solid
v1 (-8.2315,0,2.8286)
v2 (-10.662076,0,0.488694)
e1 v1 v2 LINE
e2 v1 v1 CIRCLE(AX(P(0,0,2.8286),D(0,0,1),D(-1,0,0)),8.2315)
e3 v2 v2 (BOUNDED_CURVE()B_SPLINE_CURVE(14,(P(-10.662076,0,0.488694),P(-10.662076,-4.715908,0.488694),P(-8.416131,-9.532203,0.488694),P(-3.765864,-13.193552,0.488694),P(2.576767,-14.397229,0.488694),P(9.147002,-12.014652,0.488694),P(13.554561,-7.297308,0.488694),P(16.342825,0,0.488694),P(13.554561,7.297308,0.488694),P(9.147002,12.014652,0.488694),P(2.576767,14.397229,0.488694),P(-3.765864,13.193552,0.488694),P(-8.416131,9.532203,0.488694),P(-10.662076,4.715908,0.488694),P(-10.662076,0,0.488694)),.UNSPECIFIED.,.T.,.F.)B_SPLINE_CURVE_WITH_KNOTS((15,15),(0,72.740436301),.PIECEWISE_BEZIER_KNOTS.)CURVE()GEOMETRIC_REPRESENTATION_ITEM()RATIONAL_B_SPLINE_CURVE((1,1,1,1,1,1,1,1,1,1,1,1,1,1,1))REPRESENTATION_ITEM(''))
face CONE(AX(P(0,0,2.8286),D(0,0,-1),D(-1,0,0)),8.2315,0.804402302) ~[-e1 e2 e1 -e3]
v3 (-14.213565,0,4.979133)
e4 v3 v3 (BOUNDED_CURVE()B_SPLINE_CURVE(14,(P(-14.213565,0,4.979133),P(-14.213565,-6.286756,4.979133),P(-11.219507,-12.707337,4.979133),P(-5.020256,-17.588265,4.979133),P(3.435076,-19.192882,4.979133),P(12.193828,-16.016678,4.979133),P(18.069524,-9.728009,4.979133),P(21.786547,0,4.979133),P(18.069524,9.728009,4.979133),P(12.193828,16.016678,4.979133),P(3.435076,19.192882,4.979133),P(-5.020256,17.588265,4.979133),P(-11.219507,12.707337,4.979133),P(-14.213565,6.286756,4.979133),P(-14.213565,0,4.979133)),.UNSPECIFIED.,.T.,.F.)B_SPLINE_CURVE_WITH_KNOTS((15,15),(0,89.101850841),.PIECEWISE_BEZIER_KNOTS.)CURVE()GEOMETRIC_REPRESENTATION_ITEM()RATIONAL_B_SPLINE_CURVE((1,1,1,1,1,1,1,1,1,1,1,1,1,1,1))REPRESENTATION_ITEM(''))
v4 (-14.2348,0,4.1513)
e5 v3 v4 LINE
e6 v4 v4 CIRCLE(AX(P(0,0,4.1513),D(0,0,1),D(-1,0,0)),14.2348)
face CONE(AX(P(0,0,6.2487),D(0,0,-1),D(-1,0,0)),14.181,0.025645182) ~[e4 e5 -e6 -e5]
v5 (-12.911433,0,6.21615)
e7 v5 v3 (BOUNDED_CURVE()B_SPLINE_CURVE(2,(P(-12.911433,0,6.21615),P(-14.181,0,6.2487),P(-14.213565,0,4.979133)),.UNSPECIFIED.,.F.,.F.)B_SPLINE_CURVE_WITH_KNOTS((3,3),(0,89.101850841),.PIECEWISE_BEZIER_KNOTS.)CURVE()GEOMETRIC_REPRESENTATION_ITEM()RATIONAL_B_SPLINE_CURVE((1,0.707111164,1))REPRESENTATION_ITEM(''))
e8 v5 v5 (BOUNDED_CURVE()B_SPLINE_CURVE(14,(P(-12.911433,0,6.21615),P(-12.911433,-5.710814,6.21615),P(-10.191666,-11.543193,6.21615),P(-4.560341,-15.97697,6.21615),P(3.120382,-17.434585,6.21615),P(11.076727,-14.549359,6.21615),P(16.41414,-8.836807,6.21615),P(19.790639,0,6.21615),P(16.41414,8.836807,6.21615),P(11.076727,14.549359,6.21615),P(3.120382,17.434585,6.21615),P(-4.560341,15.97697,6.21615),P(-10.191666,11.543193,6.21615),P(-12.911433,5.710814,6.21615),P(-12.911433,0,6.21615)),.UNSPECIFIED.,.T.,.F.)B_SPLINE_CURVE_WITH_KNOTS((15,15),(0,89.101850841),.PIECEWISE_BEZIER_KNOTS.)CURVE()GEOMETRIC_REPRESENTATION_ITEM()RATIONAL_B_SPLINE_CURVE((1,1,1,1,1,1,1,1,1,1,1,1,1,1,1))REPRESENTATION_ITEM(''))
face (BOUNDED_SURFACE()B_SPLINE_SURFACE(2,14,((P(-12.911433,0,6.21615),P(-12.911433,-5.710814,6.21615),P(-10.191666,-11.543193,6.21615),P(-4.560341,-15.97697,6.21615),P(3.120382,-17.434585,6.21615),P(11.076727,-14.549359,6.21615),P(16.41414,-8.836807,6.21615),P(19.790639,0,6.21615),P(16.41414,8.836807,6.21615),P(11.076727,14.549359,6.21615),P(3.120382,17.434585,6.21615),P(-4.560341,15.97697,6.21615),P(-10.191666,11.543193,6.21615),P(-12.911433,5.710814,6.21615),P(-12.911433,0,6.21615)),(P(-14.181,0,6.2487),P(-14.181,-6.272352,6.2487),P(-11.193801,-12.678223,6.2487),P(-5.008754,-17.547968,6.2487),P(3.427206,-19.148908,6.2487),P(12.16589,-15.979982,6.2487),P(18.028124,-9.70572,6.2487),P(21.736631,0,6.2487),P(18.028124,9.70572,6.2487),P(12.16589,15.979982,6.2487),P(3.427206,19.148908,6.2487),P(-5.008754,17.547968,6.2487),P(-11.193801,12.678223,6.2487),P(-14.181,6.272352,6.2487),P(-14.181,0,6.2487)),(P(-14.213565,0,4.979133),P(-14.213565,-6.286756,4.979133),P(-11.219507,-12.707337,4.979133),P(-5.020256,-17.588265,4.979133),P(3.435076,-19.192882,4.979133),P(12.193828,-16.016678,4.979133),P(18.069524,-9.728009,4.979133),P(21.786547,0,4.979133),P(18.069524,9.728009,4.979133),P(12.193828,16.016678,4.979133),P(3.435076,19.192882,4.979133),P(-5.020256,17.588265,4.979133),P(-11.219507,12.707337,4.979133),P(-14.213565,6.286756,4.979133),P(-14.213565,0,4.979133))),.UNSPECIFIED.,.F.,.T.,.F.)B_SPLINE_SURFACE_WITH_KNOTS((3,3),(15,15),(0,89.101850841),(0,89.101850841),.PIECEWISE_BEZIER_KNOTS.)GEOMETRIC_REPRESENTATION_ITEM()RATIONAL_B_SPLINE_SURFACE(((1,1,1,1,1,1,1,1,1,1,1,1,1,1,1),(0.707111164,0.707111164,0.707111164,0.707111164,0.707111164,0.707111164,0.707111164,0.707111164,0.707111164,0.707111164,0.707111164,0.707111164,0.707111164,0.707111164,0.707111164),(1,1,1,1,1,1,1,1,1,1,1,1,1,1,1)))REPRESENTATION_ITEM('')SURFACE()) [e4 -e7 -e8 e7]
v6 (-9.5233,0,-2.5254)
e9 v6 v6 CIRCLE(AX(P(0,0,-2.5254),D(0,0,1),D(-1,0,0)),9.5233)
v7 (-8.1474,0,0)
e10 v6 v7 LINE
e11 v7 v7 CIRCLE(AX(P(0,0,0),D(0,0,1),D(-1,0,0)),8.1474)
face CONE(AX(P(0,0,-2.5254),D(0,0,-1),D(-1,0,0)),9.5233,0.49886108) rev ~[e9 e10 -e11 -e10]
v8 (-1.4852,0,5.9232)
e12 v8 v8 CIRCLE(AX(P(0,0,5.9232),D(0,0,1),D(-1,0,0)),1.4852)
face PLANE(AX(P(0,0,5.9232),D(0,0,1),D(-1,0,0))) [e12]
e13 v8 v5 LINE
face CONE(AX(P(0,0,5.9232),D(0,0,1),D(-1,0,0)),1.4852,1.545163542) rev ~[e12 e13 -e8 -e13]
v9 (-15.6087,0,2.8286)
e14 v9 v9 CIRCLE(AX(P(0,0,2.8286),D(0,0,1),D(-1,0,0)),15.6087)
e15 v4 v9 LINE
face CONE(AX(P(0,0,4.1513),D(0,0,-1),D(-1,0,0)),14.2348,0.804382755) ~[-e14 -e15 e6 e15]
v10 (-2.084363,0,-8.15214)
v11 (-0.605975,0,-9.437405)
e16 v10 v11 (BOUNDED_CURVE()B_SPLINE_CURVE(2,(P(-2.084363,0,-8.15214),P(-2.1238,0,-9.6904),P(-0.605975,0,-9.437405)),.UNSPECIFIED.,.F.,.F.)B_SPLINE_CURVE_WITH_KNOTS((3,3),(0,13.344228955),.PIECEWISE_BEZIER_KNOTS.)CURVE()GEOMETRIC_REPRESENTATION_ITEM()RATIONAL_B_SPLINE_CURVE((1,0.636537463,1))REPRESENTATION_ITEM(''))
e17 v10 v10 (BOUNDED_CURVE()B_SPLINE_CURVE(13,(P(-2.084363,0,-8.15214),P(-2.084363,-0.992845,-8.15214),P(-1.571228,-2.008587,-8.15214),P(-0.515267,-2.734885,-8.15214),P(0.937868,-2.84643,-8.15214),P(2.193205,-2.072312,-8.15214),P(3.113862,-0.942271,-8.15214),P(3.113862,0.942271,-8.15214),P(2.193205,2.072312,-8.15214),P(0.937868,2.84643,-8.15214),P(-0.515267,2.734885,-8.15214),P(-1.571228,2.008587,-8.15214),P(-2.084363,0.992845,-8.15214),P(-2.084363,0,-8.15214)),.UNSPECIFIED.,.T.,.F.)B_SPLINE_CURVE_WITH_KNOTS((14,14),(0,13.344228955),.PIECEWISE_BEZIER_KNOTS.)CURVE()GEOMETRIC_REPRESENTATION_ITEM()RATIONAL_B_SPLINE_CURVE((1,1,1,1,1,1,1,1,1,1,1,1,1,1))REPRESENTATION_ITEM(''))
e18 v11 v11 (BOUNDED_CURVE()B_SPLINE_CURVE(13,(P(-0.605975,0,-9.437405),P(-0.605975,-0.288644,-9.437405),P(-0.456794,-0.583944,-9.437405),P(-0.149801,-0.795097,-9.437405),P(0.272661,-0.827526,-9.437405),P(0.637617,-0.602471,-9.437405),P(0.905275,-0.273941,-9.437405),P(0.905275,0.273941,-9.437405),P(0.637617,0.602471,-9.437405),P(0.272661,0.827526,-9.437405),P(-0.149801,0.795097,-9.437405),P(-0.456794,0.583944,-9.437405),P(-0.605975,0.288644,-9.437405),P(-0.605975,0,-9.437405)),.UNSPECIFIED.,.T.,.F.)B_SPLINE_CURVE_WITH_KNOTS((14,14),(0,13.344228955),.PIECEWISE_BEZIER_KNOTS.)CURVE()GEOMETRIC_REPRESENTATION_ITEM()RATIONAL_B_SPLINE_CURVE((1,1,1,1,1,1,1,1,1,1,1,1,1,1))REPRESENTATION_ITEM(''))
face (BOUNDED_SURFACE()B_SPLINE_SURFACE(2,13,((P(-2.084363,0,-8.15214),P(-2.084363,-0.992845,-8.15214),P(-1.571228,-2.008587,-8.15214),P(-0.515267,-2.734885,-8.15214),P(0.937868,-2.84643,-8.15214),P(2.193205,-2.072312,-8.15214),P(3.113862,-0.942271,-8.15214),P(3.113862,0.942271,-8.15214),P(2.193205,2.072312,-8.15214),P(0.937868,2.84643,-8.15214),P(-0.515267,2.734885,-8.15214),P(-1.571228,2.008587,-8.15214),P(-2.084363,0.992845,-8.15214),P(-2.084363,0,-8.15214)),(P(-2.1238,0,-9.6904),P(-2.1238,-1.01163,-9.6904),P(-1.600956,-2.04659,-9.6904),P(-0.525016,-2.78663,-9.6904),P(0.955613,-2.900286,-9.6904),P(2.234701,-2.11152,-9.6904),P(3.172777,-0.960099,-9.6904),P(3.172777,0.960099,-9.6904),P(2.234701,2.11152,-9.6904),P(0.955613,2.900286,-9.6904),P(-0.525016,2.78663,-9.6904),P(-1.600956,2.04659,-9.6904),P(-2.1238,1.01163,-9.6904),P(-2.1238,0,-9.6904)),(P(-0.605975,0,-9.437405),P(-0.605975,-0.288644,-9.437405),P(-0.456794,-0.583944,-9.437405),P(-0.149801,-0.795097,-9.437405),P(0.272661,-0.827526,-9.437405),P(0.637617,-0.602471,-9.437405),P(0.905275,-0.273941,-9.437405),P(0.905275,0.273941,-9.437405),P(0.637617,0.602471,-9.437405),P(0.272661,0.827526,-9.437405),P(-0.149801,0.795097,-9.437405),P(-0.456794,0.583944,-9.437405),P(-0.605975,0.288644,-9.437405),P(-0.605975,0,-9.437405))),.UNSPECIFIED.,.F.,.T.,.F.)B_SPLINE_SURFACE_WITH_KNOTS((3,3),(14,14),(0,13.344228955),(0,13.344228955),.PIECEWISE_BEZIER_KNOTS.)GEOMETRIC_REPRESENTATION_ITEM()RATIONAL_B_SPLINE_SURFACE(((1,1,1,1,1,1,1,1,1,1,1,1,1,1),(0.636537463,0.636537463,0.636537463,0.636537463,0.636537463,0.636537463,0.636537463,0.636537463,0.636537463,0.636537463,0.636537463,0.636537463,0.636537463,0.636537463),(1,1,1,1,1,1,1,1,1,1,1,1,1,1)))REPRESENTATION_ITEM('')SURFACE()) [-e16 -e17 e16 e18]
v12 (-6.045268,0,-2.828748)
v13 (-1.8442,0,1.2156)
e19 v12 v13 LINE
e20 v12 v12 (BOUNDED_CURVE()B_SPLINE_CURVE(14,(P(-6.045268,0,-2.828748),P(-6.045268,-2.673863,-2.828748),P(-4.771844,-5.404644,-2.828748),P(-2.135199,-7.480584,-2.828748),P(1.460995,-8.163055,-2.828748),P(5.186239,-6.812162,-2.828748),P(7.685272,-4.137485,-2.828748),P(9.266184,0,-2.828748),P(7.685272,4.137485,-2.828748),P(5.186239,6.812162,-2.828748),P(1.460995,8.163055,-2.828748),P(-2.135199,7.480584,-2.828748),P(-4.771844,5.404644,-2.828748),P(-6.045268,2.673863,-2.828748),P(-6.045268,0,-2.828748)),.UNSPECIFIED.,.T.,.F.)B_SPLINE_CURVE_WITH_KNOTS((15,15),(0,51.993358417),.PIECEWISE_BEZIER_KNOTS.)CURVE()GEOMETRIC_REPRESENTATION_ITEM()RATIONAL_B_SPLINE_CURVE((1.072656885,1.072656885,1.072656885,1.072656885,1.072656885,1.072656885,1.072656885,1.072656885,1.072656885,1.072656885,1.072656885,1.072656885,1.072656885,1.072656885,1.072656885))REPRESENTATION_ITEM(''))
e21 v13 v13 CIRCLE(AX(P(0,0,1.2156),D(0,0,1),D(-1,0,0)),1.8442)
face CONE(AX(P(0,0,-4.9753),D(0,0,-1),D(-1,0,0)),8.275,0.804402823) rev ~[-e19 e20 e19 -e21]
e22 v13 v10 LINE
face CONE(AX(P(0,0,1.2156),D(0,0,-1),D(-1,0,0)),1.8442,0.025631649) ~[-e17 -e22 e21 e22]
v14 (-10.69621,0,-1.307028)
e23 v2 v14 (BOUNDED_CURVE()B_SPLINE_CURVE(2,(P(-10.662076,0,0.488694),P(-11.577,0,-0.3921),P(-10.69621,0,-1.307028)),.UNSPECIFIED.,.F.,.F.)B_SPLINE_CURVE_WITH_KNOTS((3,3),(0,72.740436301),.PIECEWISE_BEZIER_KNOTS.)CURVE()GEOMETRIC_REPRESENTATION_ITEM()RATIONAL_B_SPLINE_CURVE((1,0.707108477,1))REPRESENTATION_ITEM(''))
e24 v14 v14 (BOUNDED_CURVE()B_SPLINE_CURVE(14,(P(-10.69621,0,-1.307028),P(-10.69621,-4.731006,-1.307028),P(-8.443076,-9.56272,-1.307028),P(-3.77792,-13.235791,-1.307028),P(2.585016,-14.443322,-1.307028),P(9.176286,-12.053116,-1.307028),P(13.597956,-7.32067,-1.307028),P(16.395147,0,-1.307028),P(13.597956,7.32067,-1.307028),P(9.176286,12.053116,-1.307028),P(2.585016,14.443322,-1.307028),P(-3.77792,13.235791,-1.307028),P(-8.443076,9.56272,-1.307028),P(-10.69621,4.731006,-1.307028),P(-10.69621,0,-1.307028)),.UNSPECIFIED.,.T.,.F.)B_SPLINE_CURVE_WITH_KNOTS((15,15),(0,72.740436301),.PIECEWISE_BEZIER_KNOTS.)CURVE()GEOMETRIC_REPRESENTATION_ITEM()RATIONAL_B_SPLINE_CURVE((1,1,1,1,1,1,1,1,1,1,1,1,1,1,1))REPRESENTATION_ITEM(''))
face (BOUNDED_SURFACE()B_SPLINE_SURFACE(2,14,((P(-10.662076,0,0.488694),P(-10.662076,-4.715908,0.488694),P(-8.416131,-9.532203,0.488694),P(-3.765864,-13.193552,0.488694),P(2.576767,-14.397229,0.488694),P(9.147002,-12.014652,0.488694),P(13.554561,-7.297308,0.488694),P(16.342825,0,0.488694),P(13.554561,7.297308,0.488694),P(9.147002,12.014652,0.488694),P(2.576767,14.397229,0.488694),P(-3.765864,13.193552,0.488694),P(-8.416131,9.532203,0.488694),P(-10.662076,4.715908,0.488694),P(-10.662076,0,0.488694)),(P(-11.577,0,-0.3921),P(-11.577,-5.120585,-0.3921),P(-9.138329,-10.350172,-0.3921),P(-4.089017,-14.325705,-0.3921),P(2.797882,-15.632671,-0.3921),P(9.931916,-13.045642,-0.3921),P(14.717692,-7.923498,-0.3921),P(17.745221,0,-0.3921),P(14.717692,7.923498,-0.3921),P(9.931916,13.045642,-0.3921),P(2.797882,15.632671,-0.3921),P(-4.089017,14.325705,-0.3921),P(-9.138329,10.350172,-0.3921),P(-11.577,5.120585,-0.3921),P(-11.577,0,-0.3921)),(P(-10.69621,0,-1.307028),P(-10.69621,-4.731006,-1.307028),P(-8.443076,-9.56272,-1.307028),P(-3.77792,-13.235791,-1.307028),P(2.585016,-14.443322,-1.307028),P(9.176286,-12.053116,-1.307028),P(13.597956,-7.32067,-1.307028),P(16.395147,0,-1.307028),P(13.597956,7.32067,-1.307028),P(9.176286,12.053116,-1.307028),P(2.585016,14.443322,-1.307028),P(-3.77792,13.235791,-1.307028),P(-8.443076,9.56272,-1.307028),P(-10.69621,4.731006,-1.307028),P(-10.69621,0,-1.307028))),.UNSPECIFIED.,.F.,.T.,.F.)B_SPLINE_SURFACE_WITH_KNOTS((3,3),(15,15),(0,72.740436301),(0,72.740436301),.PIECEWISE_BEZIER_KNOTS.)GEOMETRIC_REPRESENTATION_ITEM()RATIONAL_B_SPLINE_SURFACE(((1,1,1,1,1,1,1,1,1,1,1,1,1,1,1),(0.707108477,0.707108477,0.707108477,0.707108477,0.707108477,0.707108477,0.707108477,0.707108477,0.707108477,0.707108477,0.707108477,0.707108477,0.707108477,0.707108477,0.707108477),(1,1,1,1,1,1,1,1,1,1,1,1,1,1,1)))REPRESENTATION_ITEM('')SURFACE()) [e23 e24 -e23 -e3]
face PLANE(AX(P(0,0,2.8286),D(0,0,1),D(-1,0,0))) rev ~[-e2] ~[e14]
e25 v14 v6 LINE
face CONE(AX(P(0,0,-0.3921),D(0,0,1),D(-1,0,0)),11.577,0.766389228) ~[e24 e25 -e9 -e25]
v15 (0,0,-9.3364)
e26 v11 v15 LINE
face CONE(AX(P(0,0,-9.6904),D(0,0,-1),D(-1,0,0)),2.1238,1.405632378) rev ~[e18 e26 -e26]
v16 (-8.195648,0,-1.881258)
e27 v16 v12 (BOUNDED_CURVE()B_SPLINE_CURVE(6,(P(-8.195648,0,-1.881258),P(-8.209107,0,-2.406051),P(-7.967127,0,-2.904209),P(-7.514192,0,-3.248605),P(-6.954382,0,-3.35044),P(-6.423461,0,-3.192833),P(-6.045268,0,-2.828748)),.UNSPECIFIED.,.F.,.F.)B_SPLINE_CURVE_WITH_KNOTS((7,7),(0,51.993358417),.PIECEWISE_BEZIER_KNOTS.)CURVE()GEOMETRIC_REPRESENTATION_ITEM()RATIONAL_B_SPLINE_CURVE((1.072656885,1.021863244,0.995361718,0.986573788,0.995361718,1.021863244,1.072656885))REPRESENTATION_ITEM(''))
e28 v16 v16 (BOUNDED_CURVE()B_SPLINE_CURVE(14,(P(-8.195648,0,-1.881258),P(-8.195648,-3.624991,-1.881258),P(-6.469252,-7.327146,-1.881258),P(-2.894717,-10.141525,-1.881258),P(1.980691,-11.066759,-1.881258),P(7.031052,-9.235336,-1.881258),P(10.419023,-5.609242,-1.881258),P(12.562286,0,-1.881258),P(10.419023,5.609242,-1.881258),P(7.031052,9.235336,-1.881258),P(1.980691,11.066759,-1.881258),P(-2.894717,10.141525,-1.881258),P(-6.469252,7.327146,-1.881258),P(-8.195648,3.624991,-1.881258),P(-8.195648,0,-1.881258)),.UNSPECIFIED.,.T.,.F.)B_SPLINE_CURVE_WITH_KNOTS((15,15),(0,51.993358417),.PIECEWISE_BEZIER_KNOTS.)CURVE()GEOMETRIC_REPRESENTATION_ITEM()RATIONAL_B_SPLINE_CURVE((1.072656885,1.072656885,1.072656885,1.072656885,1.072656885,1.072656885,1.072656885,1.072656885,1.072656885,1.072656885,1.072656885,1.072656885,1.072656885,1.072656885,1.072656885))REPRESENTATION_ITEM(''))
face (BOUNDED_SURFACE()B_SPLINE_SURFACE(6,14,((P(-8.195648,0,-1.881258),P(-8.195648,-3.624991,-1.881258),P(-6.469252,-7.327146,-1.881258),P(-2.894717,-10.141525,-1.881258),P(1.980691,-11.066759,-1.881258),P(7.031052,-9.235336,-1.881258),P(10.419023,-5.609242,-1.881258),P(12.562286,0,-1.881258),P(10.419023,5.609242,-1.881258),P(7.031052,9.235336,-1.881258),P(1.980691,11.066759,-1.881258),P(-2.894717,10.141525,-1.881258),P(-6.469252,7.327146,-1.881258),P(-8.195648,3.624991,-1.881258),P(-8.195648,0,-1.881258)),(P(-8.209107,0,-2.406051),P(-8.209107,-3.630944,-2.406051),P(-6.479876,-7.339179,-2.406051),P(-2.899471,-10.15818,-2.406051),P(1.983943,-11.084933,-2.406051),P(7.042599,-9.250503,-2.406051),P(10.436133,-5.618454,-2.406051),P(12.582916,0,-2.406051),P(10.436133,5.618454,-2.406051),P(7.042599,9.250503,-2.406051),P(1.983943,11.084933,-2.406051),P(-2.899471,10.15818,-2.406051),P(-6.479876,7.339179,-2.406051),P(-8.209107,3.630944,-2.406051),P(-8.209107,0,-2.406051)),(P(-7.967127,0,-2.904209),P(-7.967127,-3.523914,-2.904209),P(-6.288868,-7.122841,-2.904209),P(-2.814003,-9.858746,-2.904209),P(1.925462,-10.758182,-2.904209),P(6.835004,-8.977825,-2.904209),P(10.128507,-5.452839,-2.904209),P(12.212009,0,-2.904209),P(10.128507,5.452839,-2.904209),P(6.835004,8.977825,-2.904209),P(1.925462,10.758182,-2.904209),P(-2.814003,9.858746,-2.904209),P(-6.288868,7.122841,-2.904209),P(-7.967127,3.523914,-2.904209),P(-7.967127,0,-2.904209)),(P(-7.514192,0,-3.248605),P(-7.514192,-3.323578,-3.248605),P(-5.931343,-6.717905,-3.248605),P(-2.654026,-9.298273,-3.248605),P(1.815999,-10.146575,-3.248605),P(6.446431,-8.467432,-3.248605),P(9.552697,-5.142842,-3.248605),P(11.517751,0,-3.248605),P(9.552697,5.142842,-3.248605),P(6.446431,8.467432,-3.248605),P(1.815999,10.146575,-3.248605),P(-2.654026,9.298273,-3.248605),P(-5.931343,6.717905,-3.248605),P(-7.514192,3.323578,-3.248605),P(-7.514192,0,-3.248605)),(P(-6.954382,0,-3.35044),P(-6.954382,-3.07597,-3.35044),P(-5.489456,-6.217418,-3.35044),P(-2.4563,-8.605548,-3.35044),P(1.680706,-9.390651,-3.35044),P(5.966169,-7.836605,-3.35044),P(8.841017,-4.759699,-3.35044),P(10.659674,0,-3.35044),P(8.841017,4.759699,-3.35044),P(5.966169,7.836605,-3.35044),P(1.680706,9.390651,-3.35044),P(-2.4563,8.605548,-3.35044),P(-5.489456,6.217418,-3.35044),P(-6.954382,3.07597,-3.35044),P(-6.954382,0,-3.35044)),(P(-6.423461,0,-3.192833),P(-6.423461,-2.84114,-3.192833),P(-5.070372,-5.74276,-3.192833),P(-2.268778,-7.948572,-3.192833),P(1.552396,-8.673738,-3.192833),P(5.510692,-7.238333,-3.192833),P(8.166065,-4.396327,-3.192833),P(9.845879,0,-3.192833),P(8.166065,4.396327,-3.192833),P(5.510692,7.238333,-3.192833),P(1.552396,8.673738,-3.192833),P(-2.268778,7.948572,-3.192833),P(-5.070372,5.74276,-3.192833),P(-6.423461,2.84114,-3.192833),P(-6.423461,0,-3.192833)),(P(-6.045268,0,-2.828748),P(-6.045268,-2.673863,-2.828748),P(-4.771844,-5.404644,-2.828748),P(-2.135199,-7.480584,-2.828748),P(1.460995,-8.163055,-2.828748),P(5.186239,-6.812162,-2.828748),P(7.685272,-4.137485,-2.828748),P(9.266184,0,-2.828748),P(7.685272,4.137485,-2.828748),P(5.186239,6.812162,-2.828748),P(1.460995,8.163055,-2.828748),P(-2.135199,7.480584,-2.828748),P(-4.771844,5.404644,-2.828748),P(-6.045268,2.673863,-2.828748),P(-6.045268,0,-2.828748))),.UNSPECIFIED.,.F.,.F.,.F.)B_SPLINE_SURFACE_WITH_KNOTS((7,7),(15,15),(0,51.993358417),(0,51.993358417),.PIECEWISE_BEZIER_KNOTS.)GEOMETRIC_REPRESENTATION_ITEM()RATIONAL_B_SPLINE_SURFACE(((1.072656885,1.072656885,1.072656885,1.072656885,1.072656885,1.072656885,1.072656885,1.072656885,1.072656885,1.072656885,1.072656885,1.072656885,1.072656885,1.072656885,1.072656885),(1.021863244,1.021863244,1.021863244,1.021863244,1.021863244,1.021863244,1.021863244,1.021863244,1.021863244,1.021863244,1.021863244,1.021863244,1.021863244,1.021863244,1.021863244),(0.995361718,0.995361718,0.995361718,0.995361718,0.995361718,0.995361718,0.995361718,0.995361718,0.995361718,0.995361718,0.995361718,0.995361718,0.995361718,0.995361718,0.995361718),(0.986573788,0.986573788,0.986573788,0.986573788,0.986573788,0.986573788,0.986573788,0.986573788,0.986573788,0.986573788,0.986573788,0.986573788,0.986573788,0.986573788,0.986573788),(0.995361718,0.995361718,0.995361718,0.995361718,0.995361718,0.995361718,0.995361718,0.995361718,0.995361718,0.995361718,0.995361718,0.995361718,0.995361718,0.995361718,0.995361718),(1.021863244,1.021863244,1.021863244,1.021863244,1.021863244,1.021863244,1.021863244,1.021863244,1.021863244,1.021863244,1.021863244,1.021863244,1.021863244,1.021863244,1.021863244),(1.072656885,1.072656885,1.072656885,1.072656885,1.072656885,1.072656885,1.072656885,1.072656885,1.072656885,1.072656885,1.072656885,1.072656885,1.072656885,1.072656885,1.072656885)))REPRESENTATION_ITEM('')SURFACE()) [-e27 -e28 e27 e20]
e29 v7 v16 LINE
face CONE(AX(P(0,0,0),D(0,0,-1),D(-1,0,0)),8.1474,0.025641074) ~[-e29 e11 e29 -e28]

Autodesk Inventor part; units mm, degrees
ref_plane "YZ Plane" through (0, 0, 0) normal (1, 0, 0) x (0, 1, 0)
ref_plane "XZ Plane" through (0, 0, 0) normal (0, 1, 0) x (-1, 0, 0)
ref_plane "XY Plane" through (0, 0, 0) normal (0, 0, 1) x (1, 0, 0)
sketch "Sketch1" plane through (0, 0, 0) normal (0, 1, 0) x (-1, 0, 0)
  line L0 (1.4852, 5.9232) -> (14.181, 6.2487)
  line L1 (14.181, 6.2487) -> (14.2348, 4.1513)
  line L2 (14.2348, 4.1513) -> (15.6087, 2.8286)
  line L3 (15.6087, 2.8286) -> (8.2315, 2.8286)
  line L4 (8.2315, 2.8286) -> (11.577, -0.3921)
  line L5 (11.577, -0.3921) -> (9.5233, -2.5254)
  line L6 (9.5233, -2.5254) -> (8.1474, 0)
  line L7 (8.1474, 0) -> (8.275, -4.9753)
  line L8 (8.275, -4.9753) -> (1.8442, 1.2156)
  line L9 (1.8442, 1.2156) -> (2.1238, -9.6904)
  line L10 (2.1238, -9.6904) -> (0, -9.3364)
  line L11 (0, -9.3364) -> (0, 5.9232)
  line L12 (1.4852, 5.9232) -> (0, 5.9232)
  point P0 (0, 0)
  dimension "d0" = 12.7
revolve "Revolution1" add sketch "Sketch1" angle 360 about axis through (0, 0, -9.3364) along (0, 0, 1)
fillet "Fillet1" radius 1.27 4 edges at (11.577, 0, -0.3921) (14.181, 0, 6.2487) (2.1238, 0, -9.6904) (8.275, 0, -4.9753)
properties part number "Junk Part Bolt"
